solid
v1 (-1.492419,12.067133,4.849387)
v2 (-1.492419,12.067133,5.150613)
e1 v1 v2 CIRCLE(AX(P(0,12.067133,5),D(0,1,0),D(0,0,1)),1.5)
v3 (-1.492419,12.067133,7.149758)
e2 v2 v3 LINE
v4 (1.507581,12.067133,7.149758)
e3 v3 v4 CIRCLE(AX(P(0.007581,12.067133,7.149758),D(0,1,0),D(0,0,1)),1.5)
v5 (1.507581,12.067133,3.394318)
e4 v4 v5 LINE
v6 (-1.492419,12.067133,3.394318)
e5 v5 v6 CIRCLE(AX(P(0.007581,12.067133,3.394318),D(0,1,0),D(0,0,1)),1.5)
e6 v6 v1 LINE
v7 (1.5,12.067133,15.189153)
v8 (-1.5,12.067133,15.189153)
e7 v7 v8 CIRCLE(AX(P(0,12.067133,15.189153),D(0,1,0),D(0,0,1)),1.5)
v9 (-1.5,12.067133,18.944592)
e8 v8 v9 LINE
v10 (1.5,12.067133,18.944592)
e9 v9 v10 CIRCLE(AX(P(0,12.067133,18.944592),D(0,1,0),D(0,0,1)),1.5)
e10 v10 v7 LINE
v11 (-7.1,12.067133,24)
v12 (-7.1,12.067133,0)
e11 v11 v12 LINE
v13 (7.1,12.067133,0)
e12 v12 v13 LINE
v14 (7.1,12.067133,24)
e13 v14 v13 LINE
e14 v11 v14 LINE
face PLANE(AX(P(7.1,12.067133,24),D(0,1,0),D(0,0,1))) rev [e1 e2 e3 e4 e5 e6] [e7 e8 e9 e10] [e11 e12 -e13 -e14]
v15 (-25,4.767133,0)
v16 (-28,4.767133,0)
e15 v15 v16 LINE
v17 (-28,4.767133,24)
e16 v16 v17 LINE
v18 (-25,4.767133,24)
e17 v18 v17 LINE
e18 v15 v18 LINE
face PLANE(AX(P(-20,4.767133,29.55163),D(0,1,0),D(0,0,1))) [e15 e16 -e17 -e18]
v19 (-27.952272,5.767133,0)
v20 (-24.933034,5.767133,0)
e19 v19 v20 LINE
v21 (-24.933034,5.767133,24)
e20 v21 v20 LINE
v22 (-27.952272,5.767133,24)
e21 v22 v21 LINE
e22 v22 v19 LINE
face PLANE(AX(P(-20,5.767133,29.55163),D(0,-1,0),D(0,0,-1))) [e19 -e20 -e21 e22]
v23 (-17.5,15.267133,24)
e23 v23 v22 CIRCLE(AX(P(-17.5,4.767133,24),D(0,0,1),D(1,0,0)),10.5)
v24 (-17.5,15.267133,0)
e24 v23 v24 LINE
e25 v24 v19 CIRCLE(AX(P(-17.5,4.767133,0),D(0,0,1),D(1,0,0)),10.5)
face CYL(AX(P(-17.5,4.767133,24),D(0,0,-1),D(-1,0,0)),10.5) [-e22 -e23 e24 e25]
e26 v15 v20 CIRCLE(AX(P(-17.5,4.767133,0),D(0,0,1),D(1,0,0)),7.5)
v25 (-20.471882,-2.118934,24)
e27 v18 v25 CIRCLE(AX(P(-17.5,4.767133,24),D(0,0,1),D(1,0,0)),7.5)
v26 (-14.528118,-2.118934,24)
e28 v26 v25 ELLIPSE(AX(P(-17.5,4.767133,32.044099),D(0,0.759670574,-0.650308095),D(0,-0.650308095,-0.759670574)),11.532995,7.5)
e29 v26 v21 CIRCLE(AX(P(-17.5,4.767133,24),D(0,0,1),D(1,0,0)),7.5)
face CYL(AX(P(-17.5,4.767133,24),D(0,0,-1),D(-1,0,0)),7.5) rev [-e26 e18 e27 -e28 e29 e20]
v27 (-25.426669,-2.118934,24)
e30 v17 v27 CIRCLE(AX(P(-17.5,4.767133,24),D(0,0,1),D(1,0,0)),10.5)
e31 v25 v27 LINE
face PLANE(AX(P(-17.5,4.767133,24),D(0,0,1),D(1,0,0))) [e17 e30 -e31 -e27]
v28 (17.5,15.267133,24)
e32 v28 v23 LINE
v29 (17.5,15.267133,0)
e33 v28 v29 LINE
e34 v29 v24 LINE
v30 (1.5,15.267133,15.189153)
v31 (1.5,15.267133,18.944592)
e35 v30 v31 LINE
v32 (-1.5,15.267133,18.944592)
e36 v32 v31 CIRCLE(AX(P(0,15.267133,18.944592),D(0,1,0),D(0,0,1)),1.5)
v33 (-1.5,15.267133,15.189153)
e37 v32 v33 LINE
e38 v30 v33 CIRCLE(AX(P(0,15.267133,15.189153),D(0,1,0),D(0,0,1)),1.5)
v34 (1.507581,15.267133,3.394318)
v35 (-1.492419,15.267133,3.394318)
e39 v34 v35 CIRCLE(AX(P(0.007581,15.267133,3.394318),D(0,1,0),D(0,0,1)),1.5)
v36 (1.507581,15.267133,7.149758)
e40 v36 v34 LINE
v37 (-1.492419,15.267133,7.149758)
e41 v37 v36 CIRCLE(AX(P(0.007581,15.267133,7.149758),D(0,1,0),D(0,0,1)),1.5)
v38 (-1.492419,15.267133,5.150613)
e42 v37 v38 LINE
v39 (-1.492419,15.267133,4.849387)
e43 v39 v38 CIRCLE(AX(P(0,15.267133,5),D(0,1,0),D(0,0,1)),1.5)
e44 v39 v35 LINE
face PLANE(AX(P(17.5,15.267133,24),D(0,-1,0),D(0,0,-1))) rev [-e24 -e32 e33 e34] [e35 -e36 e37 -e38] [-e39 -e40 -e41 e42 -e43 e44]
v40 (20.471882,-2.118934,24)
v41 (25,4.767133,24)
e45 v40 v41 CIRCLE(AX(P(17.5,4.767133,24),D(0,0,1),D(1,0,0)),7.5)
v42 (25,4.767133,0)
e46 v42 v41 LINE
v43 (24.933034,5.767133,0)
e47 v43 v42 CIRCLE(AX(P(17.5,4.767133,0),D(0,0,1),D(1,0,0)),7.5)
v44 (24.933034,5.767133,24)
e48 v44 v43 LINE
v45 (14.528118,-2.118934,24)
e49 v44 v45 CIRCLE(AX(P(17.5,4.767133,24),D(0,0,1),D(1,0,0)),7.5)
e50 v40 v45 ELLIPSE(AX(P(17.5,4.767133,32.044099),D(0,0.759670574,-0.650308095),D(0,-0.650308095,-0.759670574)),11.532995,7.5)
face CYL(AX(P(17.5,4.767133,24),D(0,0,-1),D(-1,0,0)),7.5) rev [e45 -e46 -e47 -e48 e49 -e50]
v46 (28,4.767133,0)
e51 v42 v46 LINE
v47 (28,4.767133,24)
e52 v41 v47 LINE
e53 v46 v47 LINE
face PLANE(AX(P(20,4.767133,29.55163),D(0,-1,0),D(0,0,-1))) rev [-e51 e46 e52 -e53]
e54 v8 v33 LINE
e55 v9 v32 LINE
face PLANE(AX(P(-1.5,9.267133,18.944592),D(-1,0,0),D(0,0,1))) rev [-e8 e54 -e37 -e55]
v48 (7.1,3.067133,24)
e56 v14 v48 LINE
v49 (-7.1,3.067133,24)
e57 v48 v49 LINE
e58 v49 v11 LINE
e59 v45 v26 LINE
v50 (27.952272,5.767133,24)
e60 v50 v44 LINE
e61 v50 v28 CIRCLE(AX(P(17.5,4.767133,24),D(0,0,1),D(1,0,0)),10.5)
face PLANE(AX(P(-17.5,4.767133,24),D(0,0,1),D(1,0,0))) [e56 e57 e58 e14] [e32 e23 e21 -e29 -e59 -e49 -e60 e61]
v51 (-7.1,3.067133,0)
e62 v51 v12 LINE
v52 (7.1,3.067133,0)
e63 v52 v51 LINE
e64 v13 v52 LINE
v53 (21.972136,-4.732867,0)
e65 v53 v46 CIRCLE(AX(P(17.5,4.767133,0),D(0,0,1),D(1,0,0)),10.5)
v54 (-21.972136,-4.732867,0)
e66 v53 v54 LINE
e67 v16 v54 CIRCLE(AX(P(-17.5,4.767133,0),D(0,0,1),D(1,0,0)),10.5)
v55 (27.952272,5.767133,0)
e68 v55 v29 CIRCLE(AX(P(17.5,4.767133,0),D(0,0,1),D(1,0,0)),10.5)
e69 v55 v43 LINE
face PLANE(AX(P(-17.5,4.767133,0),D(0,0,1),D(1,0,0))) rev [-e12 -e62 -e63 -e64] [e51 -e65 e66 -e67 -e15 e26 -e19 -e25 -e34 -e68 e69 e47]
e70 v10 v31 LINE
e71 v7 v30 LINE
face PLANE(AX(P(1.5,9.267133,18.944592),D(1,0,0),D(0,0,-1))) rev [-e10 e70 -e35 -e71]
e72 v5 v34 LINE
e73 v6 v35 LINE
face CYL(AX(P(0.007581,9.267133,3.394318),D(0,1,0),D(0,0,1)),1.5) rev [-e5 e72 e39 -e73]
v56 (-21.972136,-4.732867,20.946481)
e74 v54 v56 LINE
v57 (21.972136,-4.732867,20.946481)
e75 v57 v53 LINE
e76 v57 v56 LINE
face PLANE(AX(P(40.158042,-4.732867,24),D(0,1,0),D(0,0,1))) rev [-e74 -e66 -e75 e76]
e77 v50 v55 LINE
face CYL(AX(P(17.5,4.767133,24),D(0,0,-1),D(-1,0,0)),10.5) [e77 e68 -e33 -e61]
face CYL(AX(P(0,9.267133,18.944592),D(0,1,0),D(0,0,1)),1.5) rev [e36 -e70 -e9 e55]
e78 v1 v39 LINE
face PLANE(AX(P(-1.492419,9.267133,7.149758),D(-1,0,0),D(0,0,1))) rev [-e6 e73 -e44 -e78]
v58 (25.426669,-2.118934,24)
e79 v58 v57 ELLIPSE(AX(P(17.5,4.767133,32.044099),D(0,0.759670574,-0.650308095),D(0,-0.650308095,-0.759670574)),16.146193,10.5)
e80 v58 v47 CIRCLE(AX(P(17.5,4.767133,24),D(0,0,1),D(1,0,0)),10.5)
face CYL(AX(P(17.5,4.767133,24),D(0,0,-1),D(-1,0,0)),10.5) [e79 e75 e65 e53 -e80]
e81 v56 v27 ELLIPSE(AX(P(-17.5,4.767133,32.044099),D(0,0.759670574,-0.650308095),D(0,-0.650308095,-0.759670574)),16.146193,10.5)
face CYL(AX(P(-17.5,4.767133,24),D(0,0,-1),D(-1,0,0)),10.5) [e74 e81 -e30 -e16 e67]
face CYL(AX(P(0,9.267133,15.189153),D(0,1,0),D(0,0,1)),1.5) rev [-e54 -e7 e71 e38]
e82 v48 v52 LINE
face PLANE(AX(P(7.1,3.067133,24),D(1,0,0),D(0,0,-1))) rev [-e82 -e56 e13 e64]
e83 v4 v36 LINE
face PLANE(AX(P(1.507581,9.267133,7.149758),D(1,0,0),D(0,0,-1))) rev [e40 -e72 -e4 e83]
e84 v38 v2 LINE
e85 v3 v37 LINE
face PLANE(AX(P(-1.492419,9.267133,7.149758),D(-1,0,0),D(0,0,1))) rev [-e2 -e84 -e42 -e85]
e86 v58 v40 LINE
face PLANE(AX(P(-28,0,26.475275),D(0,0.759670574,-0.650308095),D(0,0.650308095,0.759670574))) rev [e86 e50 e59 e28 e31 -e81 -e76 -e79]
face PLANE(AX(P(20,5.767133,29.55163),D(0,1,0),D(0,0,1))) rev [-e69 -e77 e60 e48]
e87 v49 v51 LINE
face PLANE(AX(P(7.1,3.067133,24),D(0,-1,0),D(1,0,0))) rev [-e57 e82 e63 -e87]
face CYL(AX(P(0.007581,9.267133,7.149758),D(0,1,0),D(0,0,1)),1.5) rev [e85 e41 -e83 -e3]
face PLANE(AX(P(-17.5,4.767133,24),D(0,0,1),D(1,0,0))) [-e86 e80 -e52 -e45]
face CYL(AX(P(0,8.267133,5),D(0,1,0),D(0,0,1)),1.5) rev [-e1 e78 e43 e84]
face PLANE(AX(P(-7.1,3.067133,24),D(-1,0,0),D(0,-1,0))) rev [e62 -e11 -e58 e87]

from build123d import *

# Parameters (mm, degrees)
SKETCH2_R               = 7.5
BOSS_EXTRUDE1_DEPTH     = 24
CUT_EXTRUDE2_DEPTH      = 40.913473307
CUT_EXTRUDE2_DEPTH_BACK = 40.913473307
SKETCH5_W               = 68.617197106
SKETCH5_H               = 1
SKETCH6_W               = 14.2
SKETCH6_H               = 9
CUT_EXTRUDE4_DEPTH      = 40.913473307
SKETCH7_R               = 1.5
CUT_EXTRUDE5_DEPTH      = 7
CUT_EXTRUDE6_DEPTH      = 40.913473307
CUT_EXTRUDE6_DEPTH_BACK = 40.913473307
SKETCH9_W               = 33.569510153
SKETCH9_H               = 1
CUT_EXTRUDE7_DEPTH      = 10
CUT_EXTRUDE8_DEPTH      = 42.952353927
CUT_EXTRUDE8_DEPTH_BACK = 6


with BuildPart() as part:
    # Sketch2 → Boss-Extrude1 (new body)
    with BuildSketch(Plane.XY):
        with BuildLine():
            Line((-17.5, -5.732866955), (-5, -5.732866955))
            Line((-5, -5.732866955), (17.5, -5.732866955))
            ThreePointArc((17.5, -5.732866955), (28, 4.767133045), (17.5, 15.267133045))
            Line((17.5, 15.267133045), (-17.5, 15.267133045))
            ThreePointArc((-17.5, 15.267133045), (-28, 4.767133045), (-17.5, -5.732866955))
        make_face()
        with Locations((-17.5, 4.767133045)):
            Circle(SKETCH2_R, mode=Mode.SUBTRACT)
        with Locations((17.5, 4.767133045)):
            Circle(SKETCH2_R, mode=Mode.SUBTRACT)
    extrude(amount=BOSS_EXTRUDE1_DEPTH)

    # Sketch5 → Cut-Extrude2 (cut, two sides: drawn at the far end of the back side and taken through both)
    with BuildSketch(Plane(origin=(0, 0, 0), x_dir=(-1, 0, 0), z_dir=(0, 0, -1)).offset(-CUT_EXTRUDE2_DEPTH_BACK)):
        with Locations((-5.849443293, -5.232866955)):
            Rectangle(SKETCH5_W, SKETCH5_H)
    extrude(amount=CUT_EXTRUDE2_DEPTH + CUT_EXTRUDE2_DEPTH_BACK, mode=Mode.SUBTRACT)

    # Sketch6 → Cut-Extrude4 (cut, through all)
    with BuildSketch(Plane(origin=(0, 0, 0), x_dir=(-1, 0, 0), z_dir=(0, 0, -1))):
        with Locations((0, 7.567133045)):
            Rectangle(SKETCH6_W, SKETCH6_H)
    extrude(amount=-CUT_EXTRUDE4_DEPTH, mode=Mode.SUBTRACT)

    # Sketch7 → Cut-Extrude5 (cut)
    with BuildSketch(Plane(origin=(0, 15.267133045, 0), x_dir=(1, 0, 0), z_dir=(0, 1, 0))):
        with Locations(Location((0, -5, 0), (0, 0, 270))):
            Circle(SKETCH7_R)
        with Locations(Location((0, -17, 0), (0, 0, 270))):
            Circle(SKETCH7_R)
    extrude(amount=-CUT_EXTRUDE5_DEPTH, mode=Mode.SUBTRACT)

    # Sketch8 → Cut-Extrude6 (cut, two sides: drawn at the far end of the back side and taken through both)
    with BuildSketch(Plane(origin=(0, 0, 0), x_dir=(0, 0, -1), z_dir=(1, 0, 0)).offset(-CUT_EXTRUDE6_DEPTH_BACK)):
        Polygon((-26.475275498, 0), (-18.93282628, -6.456635217), (-28.387151922, -5.921555858), align=None)
    extrude(amount=CUT_EXTRUDE6_DEPTH + CUT_EXTRUDE6_DEPTH_BACK, mode=Mode.SUBTRACT)

    # Sketch9 → Cut-Extrude7 (cut)
    with BuildSketch(Plane(origin=(30, 0, 0), x_dir=(0, 0, -1), z_dir=(1, 0, 0))):
        with Locations((-12.766874728, 5.267133045)):
            Rectangle(SKETCH9_W, SKETCH9_H)
    cut_extrude7 = extrude(amount=-CUT_EXTRUDE7_DEPTH, mode=Mode.SUBTRACT)

    # Mirror1: Cut-Extrude7 across plane
    add(cut_extrude7.mirror(Plane(origin=(0, 0, 0), x_dir=(0, 0, 1), z_dir=(1, 0, 0))), mode=Mode.SUBTRACT)

    # Sketch11 → Cut-Extrude8 (cut, two sides: drawn at the far end of the back side and taken through both)
    with BuildSketch(Plane(origin=(0, 15.267133045, 0), x_dir=(1, 0, 0), z_dir=(0, 1, 0)).offset(-CUT_EXTRUDE8_DEPTH_BACK)):
        with BuildLine():
            Line((-1.5, -18.944592398), (-1.5, -15.189153247))
            ThreePointArc((-1.5, -15.189153247), (0, -13.689153247), (1.5, -15.189153247))
            Line((1.5, -15.189153247), (1.5, -18.944592398))
            ThreePointArc((1.5, -18.944592398), (0, -20.444592398), (-1.5, -18.944592398))
        make_face()
        with BuildLine():
            Line((-1.492419394, -7.149757539), (-1.492419394, -3.394318388))
            ThreePointArc((-1.492419394, -3.394318388), (0.007580606, -1.894318388), (1.507580606, -3.394318388))
            Line((1.507580606, -3.394318388), (1.507580606, -7.149757539))
            ThreePointArc((1.507580606, -7.149757539), (0.007580606, -8.649757539), (-1.492419394, -7.149757539))
        make_face()
    extrude(amount=CUT_EXTRUDE8_DEPTH + CUT_EXTRUDE8_DEPTH_BACK, mode=Mode.SUBTRACT)


solid = part.part
